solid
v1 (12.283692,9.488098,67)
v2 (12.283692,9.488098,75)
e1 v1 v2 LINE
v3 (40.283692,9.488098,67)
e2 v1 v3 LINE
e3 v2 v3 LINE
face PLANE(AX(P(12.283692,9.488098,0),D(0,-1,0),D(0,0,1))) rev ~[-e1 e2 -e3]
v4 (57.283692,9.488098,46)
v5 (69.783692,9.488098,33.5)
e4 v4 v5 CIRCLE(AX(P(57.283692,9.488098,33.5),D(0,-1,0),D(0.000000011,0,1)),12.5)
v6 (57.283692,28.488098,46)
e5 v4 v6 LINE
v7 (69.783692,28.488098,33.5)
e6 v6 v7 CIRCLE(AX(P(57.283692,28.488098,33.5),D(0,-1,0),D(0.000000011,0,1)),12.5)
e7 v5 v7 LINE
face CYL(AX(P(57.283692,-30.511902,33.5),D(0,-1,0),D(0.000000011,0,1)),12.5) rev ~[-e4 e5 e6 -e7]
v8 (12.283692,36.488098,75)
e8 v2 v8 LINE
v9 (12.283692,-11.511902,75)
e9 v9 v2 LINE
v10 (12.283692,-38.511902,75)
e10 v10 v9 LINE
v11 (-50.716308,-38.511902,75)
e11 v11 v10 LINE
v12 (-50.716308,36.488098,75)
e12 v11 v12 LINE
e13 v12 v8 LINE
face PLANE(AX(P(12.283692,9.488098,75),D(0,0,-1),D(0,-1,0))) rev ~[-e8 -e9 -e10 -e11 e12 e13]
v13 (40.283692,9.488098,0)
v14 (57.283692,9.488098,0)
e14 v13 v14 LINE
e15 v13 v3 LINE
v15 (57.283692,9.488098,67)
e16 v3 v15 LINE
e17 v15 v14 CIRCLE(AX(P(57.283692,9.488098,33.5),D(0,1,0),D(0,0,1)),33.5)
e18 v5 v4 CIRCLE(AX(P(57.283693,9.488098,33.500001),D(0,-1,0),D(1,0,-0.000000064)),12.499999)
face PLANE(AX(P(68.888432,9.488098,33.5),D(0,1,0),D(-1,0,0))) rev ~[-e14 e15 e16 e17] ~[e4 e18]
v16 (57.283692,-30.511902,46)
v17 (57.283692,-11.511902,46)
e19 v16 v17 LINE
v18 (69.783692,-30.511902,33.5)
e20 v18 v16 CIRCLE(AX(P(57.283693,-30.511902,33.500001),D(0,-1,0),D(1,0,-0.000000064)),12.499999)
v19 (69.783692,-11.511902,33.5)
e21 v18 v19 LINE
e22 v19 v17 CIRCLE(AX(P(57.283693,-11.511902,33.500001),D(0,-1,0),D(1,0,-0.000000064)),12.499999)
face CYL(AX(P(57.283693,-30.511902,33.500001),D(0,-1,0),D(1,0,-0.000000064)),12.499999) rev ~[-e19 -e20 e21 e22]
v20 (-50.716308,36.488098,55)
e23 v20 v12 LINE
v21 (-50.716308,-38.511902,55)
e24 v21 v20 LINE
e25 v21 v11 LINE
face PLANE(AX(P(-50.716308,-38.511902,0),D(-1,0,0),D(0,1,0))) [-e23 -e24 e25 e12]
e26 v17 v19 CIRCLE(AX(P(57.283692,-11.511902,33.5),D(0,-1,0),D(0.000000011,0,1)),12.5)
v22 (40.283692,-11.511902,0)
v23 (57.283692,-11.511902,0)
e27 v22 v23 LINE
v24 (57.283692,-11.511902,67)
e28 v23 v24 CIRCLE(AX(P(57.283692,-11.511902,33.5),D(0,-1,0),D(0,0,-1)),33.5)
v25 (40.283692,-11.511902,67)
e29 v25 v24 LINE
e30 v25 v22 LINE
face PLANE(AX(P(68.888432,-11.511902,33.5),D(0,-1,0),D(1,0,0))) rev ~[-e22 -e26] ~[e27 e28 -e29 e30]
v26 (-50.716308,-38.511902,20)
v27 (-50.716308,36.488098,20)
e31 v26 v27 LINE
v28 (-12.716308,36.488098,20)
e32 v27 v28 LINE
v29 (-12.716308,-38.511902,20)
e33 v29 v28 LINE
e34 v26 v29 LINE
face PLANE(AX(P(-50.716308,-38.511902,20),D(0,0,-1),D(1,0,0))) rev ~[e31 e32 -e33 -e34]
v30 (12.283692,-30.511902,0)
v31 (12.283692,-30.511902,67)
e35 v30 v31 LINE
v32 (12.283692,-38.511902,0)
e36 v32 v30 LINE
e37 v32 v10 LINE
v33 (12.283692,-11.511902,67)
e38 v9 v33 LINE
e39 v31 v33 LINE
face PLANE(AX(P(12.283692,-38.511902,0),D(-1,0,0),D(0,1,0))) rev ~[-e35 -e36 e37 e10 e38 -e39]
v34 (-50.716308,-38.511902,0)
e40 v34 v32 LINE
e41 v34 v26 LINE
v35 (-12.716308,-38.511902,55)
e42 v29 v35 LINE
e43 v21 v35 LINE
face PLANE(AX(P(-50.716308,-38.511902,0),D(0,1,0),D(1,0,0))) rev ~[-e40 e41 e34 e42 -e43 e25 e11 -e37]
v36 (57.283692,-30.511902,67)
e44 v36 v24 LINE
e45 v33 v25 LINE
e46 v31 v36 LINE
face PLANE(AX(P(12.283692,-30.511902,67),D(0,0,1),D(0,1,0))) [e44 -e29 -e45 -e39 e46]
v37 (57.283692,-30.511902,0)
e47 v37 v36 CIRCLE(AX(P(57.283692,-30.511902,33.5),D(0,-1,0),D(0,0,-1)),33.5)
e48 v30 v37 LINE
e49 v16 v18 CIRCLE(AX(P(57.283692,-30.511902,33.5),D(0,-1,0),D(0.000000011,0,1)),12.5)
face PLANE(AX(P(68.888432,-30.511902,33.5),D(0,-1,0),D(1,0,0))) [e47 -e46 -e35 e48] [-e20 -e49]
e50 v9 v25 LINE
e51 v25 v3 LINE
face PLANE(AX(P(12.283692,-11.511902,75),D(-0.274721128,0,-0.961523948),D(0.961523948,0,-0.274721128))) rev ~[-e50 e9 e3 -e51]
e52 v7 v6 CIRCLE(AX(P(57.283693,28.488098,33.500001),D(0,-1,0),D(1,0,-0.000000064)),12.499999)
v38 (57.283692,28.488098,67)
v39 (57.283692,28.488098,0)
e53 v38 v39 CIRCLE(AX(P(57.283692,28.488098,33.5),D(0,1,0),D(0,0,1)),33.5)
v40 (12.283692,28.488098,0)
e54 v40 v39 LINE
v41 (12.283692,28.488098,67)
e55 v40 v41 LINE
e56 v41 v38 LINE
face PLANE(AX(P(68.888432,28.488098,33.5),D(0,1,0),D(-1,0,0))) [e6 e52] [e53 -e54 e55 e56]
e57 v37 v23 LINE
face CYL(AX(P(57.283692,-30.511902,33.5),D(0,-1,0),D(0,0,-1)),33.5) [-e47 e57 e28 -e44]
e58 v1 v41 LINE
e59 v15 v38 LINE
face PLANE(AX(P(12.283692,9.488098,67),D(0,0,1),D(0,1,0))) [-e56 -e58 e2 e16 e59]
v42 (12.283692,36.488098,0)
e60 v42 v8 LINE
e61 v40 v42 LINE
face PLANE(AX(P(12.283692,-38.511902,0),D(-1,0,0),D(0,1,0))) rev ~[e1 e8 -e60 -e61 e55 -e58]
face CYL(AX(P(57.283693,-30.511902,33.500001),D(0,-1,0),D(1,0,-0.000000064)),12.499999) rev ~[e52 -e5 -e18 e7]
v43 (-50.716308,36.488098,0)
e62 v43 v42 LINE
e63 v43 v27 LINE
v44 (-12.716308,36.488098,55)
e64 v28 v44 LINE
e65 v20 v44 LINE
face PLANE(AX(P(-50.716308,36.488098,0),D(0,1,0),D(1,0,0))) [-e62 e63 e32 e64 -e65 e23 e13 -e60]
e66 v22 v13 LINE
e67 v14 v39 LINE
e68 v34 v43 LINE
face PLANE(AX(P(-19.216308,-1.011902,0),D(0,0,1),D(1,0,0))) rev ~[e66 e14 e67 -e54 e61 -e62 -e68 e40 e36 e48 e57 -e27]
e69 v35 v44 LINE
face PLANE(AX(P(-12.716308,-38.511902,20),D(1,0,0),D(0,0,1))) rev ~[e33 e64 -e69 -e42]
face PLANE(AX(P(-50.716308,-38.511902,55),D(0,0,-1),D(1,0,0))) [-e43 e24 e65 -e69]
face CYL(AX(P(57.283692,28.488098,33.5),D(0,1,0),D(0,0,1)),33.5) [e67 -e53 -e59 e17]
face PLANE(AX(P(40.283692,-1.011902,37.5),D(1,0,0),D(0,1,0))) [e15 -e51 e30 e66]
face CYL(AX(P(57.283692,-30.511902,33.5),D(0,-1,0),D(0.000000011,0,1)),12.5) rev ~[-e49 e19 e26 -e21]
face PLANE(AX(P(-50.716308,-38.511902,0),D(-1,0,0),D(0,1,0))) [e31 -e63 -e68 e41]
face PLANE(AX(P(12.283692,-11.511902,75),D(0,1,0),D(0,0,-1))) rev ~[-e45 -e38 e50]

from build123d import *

# Parameters (mm, degrees)
F0_W      = 63
F0_H      = 75
F1_DEPTH  = 75
F2_W      = 38
F2_H      = 35
F3_DEPTH  = 75
F4_W      = 19
F4_H      = 67
F5_DEPTH  = 45
F7_DEPTH  = 28
F9_DEPTH  = 25
F11_DEPTH = 19
F13_DEPTH = 19
F15_DEPTH = 100


with BuildPart() as f1:
    # F0 (on Top) → F1 (new body)
    with BuildSketch(Plane.XY):
        with Locations((-19.216308, -1.011902)):
            Rectangle(F0_W, F0_H)
    extrude(amount=F1_DEPTH)

    # F2 (on face) → F3 (cut)
    with BuildSketch(Plane.XZ.offset(38.511902)):
        with Locations((-31.716308, 37.5)):
            Rectangle(F2_W, F2_H)
    extrude(amount=-F3_DEPTH, mode=Mode.SUBTRACT)

    # F4 (on face) → F5 (join)
    with BuildSketch(Plane.YZ.offset(12.283692)):
        with Locations((-21.011902, 33.5)):
            Rectangle(F4_W, F4_H)
        with Locations((18.988098, 33.5)):
            Rectangle(F4_W, F4_H)
    extrude(amount=F5_DEPTH)

    # F6 (on face) → F7 (join)
    with BuildSketch(Plane.YZ.offset(12.283692)):
        Polygon((-11.511902, 75), (-11.511902, 67), (-11.511902, 0), (9.488098, 0), (9.488098, 67), (9.488098, 75), align=None)
    extrude(amount=F7_DEPTH)

    # F8 (on face) → F9 (cut)
    with BuildSketch(Plane.XZ.offset(11.511902)):
        Polygon((40.283692, 75), (12.283692, 75), (40.283692, 67), align=None)
    extrude(amount=-F9_DEPTH, mode=Mode.SUBTRACT)

    # F10 (on face) → F11 (join)
    with BuildSketch(Plane.XZ.offset(30.511902)):
        with BuildLine():
            Line((57.283692, 67), (57.283692, 0))
            ThreePointArc((57.283692, 0), (90.783692, 33.5), (57.283692, 67))
        make_face()
    extrude(amount=-F11_DEPTH)

    # F12 (on face) → F13 (join)
    with BuildSketch(Plane(origin=(0, 28.488098, 0), x_dir=(-1, 0, 0), z_dir=(0, 1, 0))):
        with BuildLine():
            Line((-57.283692, 0), (-57.283692, 67))
            ThreePointArc((-57.283692, 67), (-90.783692, 33.5), (-57.283692, 0))
        make_face()
    extrude(amount=-F13_DEPTH)

    # F14 (on face) → F15 (cut)
    with BuildSketch(Plane.XZ.offset(30.511902)):
        with BuildLine():
            ThreePointArc((69.783692, 33.5), (66.122527, 42.338835), (57.283692, 46))
            ThreePointArc((57.283692, 46), (48.444857, 24.661165), (69.783692, 33.5))
        make_face()
    extrude(amount=-F15_DEPTH, mode=Mode.SUBTRACT)


solid = f1.part
